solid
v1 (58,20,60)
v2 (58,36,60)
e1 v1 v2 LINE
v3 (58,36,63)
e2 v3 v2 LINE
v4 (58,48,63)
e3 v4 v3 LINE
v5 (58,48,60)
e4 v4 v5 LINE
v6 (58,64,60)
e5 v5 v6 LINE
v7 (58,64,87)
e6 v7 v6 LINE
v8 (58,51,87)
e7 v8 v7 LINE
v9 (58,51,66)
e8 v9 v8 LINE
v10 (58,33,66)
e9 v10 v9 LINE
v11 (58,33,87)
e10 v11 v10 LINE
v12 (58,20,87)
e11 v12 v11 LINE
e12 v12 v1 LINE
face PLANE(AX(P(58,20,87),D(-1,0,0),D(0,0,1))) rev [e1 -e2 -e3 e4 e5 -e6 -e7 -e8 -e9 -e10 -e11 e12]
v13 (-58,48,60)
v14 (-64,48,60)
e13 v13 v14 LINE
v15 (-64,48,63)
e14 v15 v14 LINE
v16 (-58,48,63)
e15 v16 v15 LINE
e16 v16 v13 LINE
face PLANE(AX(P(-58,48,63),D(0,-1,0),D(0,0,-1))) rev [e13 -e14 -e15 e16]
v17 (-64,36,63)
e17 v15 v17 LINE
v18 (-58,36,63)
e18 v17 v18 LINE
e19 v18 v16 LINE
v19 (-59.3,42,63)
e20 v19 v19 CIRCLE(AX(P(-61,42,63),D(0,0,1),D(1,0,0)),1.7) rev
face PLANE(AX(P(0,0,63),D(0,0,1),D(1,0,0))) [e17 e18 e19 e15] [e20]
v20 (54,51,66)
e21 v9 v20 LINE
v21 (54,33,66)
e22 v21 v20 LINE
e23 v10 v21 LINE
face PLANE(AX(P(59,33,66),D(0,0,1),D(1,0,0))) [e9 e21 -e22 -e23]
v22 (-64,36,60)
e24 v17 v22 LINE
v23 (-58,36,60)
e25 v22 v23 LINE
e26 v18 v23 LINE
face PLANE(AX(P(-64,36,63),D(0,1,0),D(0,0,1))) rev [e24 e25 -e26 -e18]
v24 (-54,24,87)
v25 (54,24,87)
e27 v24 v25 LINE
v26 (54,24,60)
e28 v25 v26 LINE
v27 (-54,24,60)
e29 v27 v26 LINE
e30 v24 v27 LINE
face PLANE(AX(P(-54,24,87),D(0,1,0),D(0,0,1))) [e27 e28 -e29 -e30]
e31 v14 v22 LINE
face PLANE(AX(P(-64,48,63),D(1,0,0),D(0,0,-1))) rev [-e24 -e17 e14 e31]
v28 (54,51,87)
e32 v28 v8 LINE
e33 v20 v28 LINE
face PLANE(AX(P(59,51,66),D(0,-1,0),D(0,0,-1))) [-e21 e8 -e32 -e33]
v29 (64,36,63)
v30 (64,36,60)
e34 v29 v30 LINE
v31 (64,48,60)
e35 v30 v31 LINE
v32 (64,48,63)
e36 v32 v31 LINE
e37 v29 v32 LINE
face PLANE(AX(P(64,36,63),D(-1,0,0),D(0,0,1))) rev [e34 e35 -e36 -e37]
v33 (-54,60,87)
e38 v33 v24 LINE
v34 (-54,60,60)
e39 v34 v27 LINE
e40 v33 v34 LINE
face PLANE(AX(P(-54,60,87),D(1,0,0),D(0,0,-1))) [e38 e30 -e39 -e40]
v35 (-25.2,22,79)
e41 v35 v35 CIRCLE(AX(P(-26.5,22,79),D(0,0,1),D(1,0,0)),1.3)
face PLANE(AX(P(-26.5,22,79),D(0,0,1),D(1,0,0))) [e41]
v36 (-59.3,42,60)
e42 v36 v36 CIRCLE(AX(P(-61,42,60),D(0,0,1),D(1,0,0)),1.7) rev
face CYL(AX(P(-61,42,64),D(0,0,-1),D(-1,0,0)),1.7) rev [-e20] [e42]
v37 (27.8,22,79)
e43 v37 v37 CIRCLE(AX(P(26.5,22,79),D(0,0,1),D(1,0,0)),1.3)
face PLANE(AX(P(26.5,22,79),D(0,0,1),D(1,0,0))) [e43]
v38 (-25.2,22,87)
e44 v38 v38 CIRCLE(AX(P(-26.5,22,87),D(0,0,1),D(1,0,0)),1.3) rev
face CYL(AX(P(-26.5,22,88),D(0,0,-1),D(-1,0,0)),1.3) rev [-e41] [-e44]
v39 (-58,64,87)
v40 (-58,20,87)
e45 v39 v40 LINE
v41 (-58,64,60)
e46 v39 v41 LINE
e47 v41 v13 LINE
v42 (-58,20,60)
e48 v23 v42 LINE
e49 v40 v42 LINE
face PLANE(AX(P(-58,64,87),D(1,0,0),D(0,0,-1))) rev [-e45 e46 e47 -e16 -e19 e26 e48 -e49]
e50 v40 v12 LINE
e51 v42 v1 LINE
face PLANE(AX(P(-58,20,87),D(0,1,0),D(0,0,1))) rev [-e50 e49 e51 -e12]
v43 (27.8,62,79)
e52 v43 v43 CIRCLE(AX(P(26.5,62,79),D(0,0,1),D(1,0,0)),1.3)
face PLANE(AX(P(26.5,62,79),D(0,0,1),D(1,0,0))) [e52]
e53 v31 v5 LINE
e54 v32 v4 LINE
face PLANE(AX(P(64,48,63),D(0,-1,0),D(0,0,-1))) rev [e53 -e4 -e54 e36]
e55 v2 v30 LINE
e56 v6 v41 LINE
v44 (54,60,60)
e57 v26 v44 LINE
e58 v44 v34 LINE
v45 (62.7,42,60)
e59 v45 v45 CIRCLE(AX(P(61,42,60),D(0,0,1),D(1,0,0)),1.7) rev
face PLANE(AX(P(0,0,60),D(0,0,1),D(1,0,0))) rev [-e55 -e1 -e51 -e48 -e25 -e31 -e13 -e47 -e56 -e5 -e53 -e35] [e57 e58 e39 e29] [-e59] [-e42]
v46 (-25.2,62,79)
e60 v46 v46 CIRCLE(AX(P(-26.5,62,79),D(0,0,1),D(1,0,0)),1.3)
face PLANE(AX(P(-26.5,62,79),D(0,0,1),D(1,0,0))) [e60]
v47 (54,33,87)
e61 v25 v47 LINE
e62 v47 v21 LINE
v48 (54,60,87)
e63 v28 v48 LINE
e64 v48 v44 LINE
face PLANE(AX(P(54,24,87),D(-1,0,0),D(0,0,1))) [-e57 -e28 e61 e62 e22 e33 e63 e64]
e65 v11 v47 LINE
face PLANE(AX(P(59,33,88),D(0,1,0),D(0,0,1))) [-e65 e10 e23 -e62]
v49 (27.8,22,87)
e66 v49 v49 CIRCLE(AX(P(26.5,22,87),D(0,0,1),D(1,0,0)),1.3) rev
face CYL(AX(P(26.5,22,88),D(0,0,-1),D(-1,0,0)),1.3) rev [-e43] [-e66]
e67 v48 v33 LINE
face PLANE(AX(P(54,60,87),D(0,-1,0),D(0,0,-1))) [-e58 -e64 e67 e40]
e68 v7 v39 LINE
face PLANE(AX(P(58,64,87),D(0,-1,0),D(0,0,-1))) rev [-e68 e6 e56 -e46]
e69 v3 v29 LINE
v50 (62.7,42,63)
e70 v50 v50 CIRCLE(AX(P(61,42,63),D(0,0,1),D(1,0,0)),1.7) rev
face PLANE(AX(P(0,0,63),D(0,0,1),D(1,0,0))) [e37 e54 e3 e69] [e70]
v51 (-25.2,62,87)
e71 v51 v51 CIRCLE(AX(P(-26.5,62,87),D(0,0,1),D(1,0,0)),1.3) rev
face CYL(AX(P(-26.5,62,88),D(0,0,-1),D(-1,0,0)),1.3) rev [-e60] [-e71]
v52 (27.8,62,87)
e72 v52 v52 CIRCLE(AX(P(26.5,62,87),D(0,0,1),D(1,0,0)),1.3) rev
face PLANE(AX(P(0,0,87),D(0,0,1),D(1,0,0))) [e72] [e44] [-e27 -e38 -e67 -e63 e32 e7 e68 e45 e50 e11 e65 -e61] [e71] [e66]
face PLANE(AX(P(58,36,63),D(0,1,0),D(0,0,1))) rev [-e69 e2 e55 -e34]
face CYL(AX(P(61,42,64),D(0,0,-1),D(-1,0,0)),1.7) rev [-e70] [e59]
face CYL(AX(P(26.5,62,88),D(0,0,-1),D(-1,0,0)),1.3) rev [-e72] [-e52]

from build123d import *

# Parameters (mm, degrees)
SKETCH1_W        = 116
SKETCH1_H        = 44
SKETCH1_W_2      = 108
SKETCH1_H_2      = 36
WALLS_DEPTH      = 27
SKETCH2_W        = 6
SKETCH2_H        = 12
FLOOR_TABS_DEPTH = 3
SKETCH3_R        = 1.7
TAB_HOLES_DEPTH  = 5
SKETCH4_W        = 10
SKETCH4_H        = 4
BAR_BOSSES_DEPTH = 8
SKETCH5_R        = 1.3
BAR_PILOTS_DEPTH = 9
SKETCH6_W        = 22
SKETCH6_H        = 18
LEAD_EXIT_DEPTH  = 6


with BuildPart() as part:
    # Sketch1 → Walls (new body)
    with BuildSketch(Plane.XY.offset(60)):
        with Locations((0, 42)):
            Rectangle(SKETCH1_W, SKETCH1_H)
        with Locations((0, 42)):
            Rectangle(SKETCH1_W_2, SKETCH1_H_2, mode=Mode.SUBTRACT)
    extrude(amount=WALLS_DEPTH)

    # Sketch2 → Floor_tabs (add)
    with BuildSketch(Plane.XY.offset(60)):
        with Locations((61, 42)):
            Rectangle(SKETCH2_W, SKETCH2_H)
        with Locations((-61, 42)):
            Rectangle(SKETCH2_W, SKETCH2_H)
    extrude(amount=FLOOR_TABS_DEPTH)

    # Sketch3 → Tab_holes (cut)
    with BuildSketch(Plane.XY.offset(59)):
        with Locations((61, 42)):
            Circle(SKETCH3_R)
        with Locations((-61, 42)):
            Circle(SKETCH3_R)
    extrude(amount=TAB_HOLES_DEPTH, mode=Mode.SUBTRACT)

    # Sketch4 → Bar_bosses (add)
    with BuildSketch(Plane.XY.offset(79)):
        with Locations((26.5, 62)):
            Rectangle(SKETCH4_W, SKETCH4_H)
        with Locations((-26.5, 62)):
            Rectangle(SKETCH4_W, SKETCH4_H)
        with Locations((26.5, 22)):
            Rectangle(SKETCH4_W, SKETCH4_H)
        with Locations((-26.5, 22)):
            Rectangle(SKETCH4_W, SKETCH4_H)
    extrude(amount=BAR_BOSSES_DEPTH)

    # Sketch5 → Bar_pilots (cut)
    with BuildSketch(Plane.XY.offset(79)):
        with Locations((26.5, 62)):
            Circle(SKETCH5_R)
        with Locations((26.5, 22)):
            Circle(SKETCH5_R)
        with Locations((-26.5, 62)):
            Circle(SKETCH5_R)
        with Locations((-26.5, 22)):
            Circle(SKETCH5_R)
    extrude(amount=BAR_PILOTS_DEPTH, mode=Mode.SUBTRACT)

    # Sketch6 → Lead_exit (cut)
    with BuildSketch(Plane(origin=(53, 0, 0), x_dir=(0, 0, -1), z_dir=(1, 0, 0))):
        with Locations((-77, 42)):
            Rectangle(SKETCH6_W, SKETCH6_H)
    extrude(amount=LEAD_EXIT_DEPTH, mode=Mode.SUBTRACT)


solid = part.part
